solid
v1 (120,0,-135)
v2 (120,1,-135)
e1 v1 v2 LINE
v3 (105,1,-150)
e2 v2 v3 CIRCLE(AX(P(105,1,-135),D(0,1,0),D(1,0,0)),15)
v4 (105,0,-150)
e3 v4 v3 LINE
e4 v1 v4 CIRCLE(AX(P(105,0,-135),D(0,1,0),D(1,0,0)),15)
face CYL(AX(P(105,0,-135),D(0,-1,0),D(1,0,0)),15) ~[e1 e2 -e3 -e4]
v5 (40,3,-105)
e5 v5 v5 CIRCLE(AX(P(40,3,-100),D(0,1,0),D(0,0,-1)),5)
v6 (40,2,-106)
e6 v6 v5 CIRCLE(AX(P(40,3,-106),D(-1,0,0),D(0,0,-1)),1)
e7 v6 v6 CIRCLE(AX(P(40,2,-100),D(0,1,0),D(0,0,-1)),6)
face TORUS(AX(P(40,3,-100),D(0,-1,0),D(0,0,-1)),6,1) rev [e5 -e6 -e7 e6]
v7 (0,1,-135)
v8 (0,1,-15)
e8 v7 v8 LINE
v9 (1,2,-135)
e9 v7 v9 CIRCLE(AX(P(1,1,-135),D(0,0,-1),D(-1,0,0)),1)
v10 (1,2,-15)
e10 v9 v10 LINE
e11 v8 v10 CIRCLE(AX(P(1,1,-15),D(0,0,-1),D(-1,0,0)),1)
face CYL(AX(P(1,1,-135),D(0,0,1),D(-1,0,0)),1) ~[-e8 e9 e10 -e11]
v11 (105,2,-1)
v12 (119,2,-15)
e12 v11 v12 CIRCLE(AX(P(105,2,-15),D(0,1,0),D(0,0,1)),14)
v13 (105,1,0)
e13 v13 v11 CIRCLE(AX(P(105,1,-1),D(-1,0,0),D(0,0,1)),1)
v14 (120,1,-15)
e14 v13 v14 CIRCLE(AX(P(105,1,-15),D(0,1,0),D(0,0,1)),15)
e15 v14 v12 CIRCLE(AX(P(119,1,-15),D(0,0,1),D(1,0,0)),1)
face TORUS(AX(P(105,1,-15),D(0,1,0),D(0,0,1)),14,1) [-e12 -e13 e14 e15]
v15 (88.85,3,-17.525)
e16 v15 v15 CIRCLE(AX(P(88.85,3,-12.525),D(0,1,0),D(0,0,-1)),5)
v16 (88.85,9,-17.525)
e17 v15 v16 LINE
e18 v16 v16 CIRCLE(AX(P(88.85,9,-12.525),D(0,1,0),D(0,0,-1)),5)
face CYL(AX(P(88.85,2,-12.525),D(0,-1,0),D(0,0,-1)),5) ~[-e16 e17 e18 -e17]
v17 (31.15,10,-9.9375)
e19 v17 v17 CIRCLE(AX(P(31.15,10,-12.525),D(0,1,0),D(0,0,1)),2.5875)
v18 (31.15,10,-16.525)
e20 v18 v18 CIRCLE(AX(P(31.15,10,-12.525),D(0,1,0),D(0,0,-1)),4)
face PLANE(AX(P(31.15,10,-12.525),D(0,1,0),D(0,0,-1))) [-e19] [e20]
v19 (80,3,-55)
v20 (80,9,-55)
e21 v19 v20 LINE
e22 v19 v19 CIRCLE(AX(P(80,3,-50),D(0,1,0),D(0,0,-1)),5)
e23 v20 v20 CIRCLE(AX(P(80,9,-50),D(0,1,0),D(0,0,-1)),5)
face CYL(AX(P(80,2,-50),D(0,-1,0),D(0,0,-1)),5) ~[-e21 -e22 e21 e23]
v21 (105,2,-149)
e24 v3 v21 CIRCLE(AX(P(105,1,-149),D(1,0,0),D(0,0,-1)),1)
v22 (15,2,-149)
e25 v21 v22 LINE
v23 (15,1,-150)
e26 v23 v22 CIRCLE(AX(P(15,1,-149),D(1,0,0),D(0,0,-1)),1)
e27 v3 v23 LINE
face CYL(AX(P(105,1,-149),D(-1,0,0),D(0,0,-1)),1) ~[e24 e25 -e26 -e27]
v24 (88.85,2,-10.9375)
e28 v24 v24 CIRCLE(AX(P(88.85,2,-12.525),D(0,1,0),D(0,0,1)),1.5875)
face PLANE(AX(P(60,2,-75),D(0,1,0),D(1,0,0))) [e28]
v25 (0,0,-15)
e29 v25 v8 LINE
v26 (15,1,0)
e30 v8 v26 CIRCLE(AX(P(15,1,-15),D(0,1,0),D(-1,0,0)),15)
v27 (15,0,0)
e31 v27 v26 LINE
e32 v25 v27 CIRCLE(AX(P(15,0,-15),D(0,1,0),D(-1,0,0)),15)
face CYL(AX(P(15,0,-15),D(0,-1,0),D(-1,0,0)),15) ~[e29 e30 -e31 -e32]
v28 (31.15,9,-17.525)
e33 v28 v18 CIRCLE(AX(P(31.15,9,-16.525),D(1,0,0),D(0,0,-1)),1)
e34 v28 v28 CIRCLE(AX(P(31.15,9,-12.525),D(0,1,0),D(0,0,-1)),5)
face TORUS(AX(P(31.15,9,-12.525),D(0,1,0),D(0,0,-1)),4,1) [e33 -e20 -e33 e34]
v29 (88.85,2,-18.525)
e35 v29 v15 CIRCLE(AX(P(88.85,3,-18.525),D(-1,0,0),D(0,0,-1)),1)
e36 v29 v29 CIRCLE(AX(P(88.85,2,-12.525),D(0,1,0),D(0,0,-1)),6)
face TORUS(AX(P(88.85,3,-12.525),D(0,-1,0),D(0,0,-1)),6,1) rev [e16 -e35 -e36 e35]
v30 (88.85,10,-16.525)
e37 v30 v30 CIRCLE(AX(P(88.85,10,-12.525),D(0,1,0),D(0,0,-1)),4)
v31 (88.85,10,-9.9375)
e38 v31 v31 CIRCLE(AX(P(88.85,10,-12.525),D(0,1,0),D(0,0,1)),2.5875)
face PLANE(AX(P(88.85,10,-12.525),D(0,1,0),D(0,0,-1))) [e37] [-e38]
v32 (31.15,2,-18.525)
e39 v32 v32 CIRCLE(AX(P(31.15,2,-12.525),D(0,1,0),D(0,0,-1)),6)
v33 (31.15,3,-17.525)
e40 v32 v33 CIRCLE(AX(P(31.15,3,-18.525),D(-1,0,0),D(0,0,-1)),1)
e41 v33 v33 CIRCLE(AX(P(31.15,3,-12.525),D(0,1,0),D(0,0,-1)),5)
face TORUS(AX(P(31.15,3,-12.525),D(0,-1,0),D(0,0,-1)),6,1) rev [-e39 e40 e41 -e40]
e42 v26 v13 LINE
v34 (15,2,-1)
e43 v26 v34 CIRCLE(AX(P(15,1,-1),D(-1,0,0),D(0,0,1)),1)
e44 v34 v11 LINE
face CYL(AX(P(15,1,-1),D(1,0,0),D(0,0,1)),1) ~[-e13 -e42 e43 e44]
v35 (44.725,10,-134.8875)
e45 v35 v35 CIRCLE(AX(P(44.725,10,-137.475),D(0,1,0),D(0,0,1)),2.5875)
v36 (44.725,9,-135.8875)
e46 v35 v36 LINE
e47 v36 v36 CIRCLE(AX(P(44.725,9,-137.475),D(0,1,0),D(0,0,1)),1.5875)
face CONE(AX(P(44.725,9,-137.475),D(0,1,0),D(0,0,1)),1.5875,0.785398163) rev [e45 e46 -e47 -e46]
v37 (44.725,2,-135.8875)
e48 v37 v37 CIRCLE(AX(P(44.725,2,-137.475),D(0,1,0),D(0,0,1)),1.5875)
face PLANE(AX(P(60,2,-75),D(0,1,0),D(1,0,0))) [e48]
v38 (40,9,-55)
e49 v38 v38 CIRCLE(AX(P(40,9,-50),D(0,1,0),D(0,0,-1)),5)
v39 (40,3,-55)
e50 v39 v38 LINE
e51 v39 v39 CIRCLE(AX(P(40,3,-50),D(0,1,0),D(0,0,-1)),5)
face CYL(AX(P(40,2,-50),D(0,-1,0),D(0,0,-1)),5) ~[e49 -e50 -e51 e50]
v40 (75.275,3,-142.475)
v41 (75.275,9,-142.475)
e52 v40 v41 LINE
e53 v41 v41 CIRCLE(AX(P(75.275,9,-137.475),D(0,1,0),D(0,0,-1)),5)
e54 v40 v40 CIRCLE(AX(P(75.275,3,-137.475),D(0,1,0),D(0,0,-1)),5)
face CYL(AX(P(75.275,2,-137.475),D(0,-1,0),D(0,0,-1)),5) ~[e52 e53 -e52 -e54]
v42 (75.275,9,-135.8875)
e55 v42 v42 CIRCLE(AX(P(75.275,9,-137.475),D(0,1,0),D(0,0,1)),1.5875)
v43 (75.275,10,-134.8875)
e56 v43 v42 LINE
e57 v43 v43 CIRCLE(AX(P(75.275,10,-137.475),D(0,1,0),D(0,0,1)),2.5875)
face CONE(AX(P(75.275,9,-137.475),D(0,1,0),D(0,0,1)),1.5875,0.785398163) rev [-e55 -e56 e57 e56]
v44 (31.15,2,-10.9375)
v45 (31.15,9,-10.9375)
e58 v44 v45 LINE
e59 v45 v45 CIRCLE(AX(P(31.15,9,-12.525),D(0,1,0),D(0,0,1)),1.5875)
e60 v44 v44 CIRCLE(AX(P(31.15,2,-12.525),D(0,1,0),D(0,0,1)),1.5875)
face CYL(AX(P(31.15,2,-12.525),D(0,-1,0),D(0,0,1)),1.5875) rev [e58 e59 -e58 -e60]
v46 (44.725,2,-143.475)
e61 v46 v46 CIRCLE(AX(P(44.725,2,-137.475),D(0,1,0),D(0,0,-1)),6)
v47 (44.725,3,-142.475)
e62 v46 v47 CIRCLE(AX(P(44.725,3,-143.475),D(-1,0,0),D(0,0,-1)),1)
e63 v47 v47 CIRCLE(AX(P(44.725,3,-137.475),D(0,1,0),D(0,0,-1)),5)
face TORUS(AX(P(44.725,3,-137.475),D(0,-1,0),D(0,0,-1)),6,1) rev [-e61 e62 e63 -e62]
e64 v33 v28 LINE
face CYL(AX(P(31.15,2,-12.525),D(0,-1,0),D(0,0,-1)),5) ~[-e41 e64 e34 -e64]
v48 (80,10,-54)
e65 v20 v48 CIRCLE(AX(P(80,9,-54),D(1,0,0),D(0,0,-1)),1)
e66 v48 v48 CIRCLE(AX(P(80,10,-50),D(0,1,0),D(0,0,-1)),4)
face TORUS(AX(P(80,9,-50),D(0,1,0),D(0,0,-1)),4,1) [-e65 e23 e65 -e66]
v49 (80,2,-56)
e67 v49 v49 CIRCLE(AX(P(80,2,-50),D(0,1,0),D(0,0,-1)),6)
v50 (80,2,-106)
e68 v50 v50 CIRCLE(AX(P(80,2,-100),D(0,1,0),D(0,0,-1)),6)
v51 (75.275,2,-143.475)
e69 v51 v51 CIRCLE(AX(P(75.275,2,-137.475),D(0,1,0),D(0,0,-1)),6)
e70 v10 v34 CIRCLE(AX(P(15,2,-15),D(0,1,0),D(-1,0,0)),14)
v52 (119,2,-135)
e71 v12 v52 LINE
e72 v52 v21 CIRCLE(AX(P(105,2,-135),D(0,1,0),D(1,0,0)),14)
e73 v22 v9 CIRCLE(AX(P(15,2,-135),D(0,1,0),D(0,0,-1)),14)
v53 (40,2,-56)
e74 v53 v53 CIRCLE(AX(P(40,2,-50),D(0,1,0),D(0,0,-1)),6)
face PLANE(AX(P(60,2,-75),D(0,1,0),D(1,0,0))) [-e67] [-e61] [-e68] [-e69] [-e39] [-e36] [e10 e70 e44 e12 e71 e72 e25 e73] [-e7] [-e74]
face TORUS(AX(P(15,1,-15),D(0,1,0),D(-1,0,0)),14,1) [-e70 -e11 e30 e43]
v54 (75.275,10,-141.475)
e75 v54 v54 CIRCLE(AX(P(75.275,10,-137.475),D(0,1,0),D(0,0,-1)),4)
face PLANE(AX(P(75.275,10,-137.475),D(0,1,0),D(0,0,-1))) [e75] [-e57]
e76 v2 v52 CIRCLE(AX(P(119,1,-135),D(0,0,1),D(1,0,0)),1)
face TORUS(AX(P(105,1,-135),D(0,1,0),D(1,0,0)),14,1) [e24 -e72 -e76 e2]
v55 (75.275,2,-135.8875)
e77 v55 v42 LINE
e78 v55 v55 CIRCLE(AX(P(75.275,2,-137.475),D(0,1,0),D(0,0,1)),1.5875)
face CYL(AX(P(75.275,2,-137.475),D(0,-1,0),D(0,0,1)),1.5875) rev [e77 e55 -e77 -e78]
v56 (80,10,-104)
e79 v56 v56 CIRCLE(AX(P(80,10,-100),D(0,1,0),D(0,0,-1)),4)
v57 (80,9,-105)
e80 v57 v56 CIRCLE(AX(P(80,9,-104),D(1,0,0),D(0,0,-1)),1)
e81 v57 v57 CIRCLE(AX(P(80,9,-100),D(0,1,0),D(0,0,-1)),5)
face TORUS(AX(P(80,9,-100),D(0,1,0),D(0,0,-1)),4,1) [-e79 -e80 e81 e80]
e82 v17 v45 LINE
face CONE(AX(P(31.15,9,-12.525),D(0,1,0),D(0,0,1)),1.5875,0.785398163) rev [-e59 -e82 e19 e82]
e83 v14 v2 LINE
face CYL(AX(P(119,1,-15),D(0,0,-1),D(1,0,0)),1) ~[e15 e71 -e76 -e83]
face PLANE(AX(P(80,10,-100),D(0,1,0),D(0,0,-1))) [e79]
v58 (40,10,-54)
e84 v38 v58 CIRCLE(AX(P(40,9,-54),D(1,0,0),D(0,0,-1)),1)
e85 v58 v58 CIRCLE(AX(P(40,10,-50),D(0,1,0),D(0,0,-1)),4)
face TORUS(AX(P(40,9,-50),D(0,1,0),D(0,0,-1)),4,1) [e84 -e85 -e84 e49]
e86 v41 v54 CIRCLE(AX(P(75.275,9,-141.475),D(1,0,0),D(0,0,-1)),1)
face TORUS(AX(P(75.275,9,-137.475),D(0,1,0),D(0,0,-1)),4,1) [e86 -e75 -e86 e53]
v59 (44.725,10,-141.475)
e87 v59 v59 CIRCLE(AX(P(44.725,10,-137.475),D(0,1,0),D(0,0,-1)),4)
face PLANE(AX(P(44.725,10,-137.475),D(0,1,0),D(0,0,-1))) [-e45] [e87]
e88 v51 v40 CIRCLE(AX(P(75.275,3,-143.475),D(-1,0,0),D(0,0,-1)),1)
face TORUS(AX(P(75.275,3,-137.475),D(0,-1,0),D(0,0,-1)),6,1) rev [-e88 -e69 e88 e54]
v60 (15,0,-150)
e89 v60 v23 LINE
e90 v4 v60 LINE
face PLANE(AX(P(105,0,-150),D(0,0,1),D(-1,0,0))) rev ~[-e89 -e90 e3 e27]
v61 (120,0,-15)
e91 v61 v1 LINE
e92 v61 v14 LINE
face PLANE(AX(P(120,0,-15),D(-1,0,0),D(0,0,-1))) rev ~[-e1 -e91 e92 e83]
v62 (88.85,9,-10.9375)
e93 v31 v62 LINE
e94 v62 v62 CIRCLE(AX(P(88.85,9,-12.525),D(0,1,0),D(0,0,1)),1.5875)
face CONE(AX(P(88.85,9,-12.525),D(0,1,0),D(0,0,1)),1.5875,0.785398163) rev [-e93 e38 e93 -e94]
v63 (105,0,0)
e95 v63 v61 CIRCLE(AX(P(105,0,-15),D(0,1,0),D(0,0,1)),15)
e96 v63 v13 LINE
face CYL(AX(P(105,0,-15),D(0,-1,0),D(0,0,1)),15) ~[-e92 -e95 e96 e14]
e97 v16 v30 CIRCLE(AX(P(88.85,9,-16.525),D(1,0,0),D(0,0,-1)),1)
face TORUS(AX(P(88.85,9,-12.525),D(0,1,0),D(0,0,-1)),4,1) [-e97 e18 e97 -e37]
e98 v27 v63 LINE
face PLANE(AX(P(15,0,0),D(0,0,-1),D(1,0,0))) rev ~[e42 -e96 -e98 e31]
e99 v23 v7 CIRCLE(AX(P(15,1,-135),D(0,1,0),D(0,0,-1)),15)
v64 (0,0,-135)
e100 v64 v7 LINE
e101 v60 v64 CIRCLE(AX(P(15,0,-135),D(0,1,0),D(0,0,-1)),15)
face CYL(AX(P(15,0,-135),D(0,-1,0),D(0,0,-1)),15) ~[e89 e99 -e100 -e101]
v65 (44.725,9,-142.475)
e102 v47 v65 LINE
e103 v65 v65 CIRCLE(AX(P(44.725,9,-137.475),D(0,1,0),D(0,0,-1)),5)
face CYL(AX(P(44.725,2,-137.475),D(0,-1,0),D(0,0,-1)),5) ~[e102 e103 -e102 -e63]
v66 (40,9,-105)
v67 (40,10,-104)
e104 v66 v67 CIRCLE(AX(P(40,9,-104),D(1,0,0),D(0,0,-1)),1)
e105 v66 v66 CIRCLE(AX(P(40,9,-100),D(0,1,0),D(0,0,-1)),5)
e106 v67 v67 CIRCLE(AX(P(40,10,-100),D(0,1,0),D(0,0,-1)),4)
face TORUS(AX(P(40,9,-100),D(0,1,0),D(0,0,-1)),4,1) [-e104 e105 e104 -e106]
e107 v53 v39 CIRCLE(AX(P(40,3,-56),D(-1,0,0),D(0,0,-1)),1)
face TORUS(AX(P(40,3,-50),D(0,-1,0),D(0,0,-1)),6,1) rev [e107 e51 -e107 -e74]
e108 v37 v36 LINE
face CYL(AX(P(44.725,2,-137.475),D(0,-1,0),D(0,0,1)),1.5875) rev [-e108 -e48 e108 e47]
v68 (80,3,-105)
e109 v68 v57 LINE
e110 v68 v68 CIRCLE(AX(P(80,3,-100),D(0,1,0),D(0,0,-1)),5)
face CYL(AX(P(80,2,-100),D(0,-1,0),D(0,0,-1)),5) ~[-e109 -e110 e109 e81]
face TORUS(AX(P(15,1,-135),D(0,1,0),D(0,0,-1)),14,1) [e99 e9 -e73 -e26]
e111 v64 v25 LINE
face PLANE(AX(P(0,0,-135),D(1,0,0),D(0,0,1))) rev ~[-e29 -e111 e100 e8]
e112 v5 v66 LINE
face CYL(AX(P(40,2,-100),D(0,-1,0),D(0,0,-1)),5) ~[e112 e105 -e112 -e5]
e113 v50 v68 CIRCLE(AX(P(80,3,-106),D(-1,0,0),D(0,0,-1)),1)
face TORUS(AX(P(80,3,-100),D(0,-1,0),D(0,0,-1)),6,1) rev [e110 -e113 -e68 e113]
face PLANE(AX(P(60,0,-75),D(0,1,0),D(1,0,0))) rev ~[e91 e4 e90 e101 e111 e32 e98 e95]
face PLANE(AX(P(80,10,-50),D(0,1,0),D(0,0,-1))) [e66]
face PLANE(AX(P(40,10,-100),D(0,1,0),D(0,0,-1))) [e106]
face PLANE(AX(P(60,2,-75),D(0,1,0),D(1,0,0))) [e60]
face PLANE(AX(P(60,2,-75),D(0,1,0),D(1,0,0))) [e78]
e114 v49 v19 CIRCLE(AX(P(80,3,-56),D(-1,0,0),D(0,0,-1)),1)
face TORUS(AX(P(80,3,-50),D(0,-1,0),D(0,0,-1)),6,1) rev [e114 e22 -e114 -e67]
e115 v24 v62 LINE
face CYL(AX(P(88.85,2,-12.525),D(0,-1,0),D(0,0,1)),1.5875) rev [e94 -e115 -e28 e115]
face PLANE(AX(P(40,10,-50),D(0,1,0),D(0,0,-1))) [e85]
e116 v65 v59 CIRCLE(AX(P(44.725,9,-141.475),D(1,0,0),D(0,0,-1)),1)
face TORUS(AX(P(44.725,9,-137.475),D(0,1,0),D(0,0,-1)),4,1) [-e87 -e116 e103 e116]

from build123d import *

# Parameters (mm, degrees)
BOSS_EXTRUDE1_DEPTH = 2
SKETCH2_R           = 5
SKETCH2_R_2         = 1.5875
BOSS_EXTRUDE2_DEPTH = 8
FILLET1_R           = 1
CHAMFER1_SIZE       = 1


with BuildPart() as part:
    # Sketch1 → Boss-Extrude1 (new body)
    with BuildSketch(Plane(origin=(0, 0, 0), x_dir=(1, 0, 0), z_dir=(0, 1, 0))):
        with BuildLine():
            Line((15, 0), (105, 0))
            ThreePointArc((105, 0), (115.606601718, 4.393398282), (120, 15))
            Line((120, 15), (120, 135))
            ThreePointArc((120, 135), (115.606601718, 145.606601718), (105, 150))
            Line((105, 150), (15, 150))
            ThreePointArc((15, 150), (4.393398282, 145.606601718), (0, 135))
            Line((0, 135), (0, 15))
            ThreePointArc((0, 15), (4.393398282, 4.393398282), (15, 0))
        make_face()
    extrude(amount=BOSS_EXTRUDE1_DEPTH)

    # Sketch2 → Boss-Extrude2 (add)
    # profile 1 of 8: a face of its own
    with BuildSketch(Plane(origin=(0, 2, 0), x_dir=(1, 0, 0), z_dir=(0, 1, 0))):
        with Locations(Location((44.725, 137.475, 0), (0, 0, 90))):
            Circle(SKETCH2_R)
        with Locations(Location((44.725, 137.475, 0), (0, 0, 270))):
            Circle(SKETCH2_R_2, mode=Mode.SUBTRACT)
    # profile 2 of 8: a face of its own
    with BuildSketch(Plane(origin=(0, 2, 0), x_dir=(1, 0, 0), z_dir=(0, 1, 0))):
        with Locations(Location((75.275, 137.475, 0), (0, 0, 90))):
            Circle(SKETCH2_R)
        with Locations(Location((75.275, 137.475, 0), (0, 0, 270))):
            Circle(SKETCH2_R_2, mode=Mode.SUBTRACT)
    # profile 3 of 8: a face of its own
    with BuildSketch(Plane(origin=(0, 2, 0), x_dir=(1, 0, 0), z_dir=(0, 1, 0))):
        with Locations(Location((31.15, 12.525, 0), (0, 0, 90))):
            Circle(SKETCH2_R)
        with Locations(Location((31.15, 12.525, 0), (0, 0, 270))):
            Circle(SKETCH2_R_2, mode=Mode.SUBTRACT)
    # profile 4 of 8: a face of its own
    with BuildSketch(Plane(origin=(0, 2, 0), x_dir=(1, 0, 0), z_dir=(0, 1, 0))):
        with Locations(Location((88.85, 12.525, 0), (0, 0, 90))):
            Circle(SKETCH2_R)
        with Locations(Location((88.85, 12.525, 0), (0, 0, 270))):
            Circle(SKETCH2_R_2, mode=Mode.SUBTRACT)
    # profile 5 of 8: a face of its own
    with BuildSketch(Plane(origin=(0, 2, 0), x_dir=(1, 0, 0), z_dir=(0, 1, 0))):
        with Locations(Location((40, 50, 0), (0, 0, 90))):
            Circle(SKETCH2_R)
    # profile 6 of 8: a face of its own
    with BuildSketch(Plane(origin=(0, 2, 0), x_dir=(1, 0, 0), z_dir=(0, 1, 0))):
        with Locations(Location((80, 50, 0), (0, 0, 90))):
            Circle(SKETCH2_R)
    # profile 7 of 8: a face of its own
    with BuildSketch(Plane(origin=(0, 2, 0), x_dir=(1, 0, 0), z_dir=(0, 1, 0))):
        with Locations(Location((40, 100, 0), (0, 0, 90))):
            Circle(SKETCH2_R)
    # profile 8 of 8: a face of its own
    with BuildSketch(Plane(origin=(0, 2, 0), x_dir=(1, 0, 0), z_dir=(0, 1, 0))):
        with Locations(Location((80, 100, 0), (0, 0, 90))):
            Circle(SKETCH2_R)
    extrude(amount=BOSS_EXTRUDE2_DEPTH)

    # Fillet1
    fillet1_edges = [part.edges().sort_by_distance(p)[0] for p in [
        (115.606601718, 2, -4.393398282),
        (120, 2, -75),
        (115.606601718, 2, -145.606601718),
        (60, 2, -150),
        (75.275, 2, -132.475),
        (75.275, 10, -132.475),
        (4.393398282, 2, -145.606601718),
        (31.15, 2, -7.525),
        (31.15, 10, -7.525),
        (0, 2, -75),
        (44.725, 2, -132.475),
        (44.725, 10, -132.475),
        (88.85, 2, -7.525),
        (88.85, 10, -7.525),
        (40, 2, -45),
        (4.393398282, 2, -4.393398282),
        (40, 10, -45),
        (80, 2, -45),
        (80, 10, -45),
        (40, 2, -95),
        (40, 10, -95),
        (80, 2, -95),
        (80, 10, -95),
        (60, 2, 0),
    ]]
    fillet(fillet1_edges, radius=FILLET1_R)

    # Chamfer1
    chamfer1_edges = [part.edges().sort_by_distance(p)[0] for p in [
        (75.275, 10, -139.0625),
        (31.15, 10, -14.1125),
        (44.725, 10, -139.0625),
        (88.85, 10, -14.1125),
    ]]
    chamfer(chamfer1_edges, length=CHAMFER1_SIZE)


solid = part.part
